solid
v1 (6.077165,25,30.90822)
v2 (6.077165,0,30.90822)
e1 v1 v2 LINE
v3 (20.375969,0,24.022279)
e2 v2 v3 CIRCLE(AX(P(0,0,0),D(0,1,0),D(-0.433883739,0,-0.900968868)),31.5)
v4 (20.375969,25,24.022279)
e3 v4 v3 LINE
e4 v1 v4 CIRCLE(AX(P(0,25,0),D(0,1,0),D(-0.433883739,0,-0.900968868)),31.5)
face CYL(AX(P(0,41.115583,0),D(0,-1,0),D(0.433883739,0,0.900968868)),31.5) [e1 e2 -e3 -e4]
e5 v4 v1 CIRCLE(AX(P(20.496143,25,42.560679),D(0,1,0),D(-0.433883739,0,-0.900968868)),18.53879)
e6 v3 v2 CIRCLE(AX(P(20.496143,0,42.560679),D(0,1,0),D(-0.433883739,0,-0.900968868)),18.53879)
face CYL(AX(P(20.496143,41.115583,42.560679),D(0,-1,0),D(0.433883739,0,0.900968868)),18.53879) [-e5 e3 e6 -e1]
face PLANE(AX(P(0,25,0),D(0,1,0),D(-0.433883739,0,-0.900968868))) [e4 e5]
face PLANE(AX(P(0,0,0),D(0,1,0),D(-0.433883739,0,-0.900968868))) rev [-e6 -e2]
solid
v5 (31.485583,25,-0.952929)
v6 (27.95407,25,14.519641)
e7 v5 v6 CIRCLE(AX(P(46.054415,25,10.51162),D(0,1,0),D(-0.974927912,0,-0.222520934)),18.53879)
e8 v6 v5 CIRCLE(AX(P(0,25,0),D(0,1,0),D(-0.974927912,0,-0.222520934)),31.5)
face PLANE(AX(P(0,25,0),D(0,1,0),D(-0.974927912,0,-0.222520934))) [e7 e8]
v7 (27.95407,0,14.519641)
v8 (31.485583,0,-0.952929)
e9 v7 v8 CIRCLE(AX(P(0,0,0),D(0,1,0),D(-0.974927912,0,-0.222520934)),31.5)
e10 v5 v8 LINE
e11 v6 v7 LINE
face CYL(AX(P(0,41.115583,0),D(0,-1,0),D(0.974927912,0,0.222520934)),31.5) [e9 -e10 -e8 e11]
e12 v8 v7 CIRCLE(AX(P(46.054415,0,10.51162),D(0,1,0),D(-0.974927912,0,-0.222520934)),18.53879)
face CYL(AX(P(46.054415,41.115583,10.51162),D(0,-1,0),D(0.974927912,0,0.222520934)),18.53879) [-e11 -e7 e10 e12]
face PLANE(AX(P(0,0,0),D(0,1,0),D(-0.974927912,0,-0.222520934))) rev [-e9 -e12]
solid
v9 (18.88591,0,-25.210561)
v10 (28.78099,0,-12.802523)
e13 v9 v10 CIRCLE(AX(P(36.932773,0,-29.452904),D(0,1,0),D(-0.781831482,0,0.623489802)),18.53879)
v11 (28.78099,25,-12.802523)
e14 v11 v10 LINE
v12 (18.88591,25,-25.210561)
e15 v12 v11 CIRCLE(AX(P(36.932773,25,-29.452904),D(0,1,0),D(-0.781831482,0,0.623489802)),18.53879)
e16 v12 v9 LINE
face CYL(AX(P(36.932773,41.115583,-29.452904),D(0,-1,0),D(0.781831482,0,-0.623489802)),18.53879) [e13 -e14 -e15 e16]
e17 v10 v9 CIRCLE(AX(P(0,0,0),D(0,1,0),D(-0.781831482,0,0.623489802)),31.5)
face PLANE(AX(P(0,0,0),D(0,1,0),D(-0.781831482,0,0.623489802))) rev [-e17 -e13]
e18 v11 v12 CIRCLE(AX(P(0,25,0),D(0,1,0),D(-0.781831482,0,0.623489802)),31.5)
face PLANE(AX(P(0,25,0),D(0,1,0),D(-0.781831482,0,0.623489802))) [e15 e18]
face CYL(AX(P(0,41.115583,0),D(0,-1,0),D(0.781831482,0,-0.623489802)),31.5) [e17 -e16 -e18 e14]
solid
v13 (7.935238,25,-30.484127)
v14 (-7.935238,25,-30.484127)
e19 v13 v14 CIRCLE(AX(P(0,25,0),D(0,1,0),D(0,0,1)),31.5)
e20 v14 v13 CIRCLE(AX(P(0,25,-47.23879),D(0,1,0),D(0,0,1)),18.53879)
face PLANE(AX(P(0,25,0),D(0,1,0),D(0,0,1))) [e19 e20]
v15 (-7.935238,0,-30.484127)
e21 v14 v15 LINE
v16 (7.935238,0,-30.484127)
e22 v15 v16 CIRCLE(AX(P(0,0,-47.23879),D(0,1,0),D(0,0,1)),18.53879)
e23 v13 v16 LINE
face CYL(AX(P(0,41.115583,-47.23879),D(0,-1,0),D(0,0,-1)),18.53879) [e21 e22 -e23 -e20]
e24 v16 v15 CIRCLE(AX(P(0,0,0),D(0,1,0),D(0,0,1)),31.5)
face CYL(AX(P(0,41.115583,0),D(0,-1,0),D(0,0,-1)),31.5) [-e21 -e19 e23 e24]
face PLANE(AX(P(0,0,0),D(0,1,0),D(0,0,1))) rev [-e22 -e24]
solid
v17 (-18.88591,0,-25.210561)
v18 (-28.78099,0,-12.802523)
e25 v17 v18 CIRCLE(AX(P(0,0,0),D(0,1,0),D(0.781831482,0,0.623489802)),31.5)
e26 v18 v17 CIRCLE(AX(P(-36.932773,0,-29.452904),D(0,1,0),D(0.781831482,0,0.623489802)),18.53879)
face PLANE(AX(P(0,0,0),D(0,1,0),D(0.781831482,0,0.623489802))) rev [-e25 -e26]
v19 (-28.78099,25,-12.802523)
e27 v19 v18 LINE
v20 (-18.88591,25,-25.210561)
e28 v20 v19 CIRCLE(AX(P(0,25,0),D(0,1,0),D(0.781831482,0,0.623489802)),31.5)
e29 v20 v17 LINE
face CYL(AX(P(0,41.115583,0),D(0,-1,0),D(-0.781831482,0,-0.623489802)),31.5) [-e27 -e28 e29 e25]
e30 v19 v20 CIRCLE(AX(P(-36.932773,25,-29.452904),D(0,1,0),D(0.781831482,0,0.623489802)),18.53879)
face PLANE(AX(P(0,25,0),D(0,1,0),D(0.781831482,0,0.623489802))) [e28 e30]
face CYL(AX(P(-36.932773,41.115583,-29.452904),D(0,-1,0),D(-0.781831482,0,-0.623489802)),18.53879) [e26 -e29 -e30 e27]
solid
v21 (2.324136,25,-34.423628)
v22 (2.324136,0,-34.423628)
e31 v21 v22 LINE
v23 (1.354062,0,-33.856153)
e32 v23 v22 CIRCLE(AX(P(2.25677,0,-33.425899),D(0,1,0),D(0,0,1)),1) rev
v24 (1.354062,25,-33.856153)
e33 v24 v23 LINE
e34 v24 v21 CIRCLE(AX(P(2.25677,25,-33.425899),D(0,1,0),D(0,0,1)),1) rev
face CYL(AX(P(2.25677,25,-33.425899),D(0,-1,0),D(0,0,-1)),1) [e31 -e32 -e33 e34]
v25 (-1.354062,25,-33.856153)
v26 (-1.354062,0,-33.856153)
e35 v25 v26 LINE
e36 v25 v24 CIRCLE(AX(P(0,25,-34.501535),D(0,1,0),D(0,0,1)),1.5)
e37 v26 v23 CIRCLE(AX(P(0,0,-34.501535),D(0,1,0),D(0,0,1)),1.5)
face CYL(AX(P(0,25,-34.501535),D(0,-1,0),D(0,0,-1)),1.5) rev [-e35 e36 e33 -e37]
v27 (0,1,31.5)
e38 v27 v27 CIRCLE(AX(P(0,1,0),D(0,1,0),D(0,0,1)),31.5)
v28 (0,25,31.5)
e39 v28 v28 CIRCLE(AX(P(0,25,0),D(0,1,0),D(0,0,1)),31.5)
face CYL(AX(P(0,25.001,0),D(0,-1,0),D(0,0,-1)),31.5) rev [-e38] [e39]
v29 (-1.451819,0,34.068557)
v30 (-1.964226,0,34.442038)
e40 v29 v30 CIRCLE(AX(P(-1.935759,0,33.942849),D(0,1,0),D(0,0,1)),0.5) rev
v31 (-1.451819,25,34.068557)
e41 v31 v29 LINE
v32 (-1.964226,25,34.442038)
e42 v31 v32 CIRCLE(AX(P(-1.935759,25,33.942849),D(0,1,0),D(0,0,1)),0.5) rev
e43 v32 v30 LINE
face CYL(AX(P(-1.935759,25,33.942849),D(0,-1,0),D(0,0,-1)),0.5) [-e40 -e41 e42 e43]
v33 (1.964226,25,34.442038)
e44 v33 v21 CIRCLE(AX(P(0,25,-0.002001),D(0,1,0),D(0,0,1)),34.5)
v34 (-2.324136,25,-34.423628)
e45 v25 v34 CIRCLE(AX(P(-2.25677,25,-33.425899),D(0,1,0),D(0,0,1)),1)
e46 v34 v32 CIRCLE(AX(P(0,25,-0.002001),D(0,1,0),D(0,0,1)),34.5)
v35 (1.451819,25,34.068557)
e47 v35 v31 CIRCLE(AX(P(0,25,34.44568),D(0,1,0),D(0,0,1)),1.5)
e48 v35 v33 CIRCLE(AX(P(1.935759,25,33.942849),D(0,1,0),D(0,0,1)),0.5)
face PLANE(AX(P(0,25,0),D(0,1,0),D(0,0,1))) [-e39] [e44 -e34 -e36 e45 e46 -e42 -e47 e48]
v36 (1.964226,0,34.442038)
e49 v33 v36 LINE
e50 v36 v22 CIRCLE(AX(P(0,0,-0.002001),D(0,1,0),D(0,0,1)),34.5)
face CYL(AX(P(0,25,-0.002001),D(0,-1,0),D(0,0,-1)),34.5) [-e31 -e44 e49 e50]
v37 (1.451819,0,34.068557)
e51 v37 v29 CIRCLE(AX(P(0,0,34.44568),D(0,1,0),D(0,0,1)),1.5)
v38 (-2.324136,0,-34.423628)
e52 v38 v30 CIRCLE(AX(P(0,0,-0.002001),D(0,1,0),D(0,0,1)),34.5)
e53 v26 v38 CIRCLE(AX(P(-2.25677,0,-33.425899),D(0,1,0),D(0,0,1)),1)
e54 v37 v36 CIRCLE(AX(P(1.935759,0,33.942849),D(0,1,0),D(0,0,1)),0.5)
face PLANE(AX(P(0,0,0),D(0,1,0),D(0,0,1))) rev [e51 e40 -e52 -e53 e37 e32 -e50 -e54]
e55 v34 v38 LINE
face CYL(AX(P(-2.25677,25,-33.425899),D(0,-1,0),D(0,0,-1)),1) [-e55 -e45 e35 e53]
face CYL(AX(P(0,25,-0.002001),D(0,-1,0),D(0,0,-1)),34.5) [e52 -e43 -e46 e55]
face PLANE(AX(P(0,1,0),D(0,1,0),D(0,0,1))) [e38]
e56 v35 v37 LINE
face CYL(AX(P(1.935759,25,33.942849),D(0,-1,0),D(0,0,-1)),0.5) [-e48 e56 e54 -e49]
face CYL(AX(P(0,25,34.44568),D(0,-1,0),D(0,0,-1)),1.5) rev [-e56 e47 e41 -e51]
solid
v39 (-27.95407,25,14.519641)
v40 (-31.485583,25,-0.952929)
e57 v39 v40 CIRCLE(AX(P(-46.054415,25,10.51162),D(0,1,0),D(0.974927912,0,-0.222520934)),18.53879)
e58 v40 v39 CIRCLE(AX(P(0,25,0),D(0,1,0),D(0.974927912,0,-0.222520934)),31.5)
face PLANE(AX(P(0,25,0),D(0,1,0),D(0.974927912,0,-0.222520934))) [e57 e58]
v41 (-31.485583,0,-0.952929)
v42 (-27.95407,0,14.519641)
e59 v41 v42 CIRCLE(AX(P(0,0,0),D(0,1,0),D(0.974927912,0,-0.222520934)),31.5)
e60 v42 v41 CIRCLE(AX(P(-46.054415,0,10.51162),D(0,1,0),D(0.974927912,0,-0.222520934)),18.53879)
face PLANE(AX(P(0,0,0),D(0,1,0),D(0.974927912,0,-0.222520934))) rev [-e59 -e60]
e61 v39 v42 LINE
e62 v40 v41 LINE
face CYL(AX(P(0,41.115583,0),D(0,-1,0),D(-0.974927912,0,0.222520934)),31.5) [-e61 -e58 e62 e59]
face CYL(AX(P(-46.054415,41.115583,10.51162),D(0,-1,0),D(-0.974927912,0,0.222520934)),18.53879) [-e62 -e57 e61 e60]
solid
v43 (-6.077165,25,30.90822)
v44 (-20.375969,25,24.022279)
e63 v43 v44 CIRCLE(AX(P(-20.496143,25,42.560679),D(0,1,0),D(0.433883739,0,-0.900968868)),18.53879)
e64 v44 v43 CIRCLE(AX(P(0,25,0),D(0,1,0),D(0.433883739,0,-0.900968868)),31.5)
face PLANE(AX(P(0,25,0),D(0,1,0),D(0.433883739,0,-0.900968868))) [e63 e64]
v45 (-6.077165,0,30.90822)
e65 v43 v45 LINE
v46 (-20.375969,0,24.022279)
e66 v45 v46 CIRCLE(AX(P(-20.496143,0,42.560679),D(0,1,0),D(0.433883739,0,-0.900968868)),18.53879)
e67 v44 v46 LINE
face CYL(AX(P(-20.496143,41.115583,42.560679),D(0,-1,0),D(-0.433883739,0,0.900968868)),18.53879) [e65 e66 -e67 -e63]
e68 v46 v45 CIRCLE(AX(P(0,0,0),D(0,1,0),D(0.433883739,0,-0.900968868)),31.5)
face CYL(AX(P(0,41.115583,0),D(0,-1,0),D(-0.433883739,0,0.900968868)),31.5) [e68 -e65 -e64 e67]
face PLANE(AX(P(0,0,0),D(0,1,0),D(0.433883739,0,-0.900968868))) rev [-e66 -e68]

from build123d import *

# Parameters (mm, degrees)
BOSS_EXTRUDE1_DEPTH = 25
CUT_EXTRUDE2_REACH  = 28
CUT_EXTRUDE2_START  = 1
BOSS_EXTRUDE2_DEPTH = 25
CIRPATTERN2_COUNT   = 7


with BuildPart() as part:
    # Sketch1 → Boss-Extrude1 (new body)
    with BuildSketch(Plane(origin=(0, 0, 0), x_dir=(1, 0, 0), z_dir=(0, 1, 0))):
        with BuildLine():
            ThreePointArc((1.451818925, -34.068556857), (1.641248992, -34.346908706), (1.964225605, -34.442038138))
            ThreePointArc((1.964225605, -34.442038138), (34.499528846, -0.178302888), (2.324135821, 34.423627607))
            ThreePointArc((2.324135821, 34.423627607), (1.751838249, 34.289058819), (1.354061739, 33.856153382))
            ThreePointArc((1.354061739, 33.856153382), (0, 33.001534515), (-1.354061739, 33.856153382))
            ThreePointArc((-1.354061739, 33.856153382), (-1.751838249, 34.289058819), (-2.324135821, 34.423627607))
            ThreePointArc((-2.324135821, 34.423627607), (-34.499528846, -0.178302888), (-1.964225605, -34.442038138))
            ThreePointArc((-1.964225605, -34.442038138), (-1.641248992, -34.346908706), (-1.451818925, -34.068556857))
            ThreePointArc((-1.451818925, -34.068556857), (0, -32.945679925), (1.451818925, -34.068556857))
        make_face()
    extrude(amount=BOSS_EXTRUDE1_DEPTH)

    # Sketch2 → Cut-Extrude2 (cut, up to next)
    with BuildSketch(Plane(origin=(0, 0, 0), x_dir=(1, 0, 0), z_dir=(0, 1, 0)).offset(CUT_EXTRUDE2_START), mode=Mode.PRIVATE) as cut_extrude2_sk1:
        with BuildLine():
            ThreePointArc((-7.935237994, 30.484126984), (-19.265123971, -24.92197822), (31.5, 0))
            ThreePointArc((31.5, 0), (24.92197822, 19.265123971), (7.935237994, 30.484126984))
            ThreePointArc((7.935237994, 30.484126984), (0, 28.7), (-7.935237994, 30.484126984))
        make_face()
    cut_extrude2_tool1 = extrude(cut_extrude2_sk1.sketch, amount=CUT_EXTRUDE2_REACH, mode=Mode.PRIVATE) & part.part
    add(cut_extrude2_tool1.solids().sort_by_distance((0, 1, 0.291722))[0], mode=Mode.SUBTRACT)
    # Sketch2 → Cut-Extrude2 (cut, up to next)
    with BuildSketch(Plane(origin=(0, 0, 0), x_dir=(1, 0, 0), z_dir=(0, 1, 0)).offset(CUT_EXTRUDE2_START), mode=Mode.PRIVATE) as cut_extrude2_sk2:
        with BuildLine():
            ThreePointArc((-7.935237994, 30.484126984), (0, 28.7), (7.935237994, 30.484126984))
            ThreePointArc((7.935237994, 30.484126984), (0, 31.5), (-7.935237994, 30.484126984))
        make_face()
    cut_extrude2_tool2 = extrude(cut_extrude2_sk2.sketch, amount=CUT_EXTRUDE2_REACH, mode=Mode.PRIVATE) & part.part
    add(cut_extrude2_tool2.solids().sort_by_distance((0, 1, -30.173357))[0], mode=Mode.SUBTRACT)


with BuildPart() as body_2:
    # Sketch2<2> → Boss-Extrude2 (new body)
    with BuildSketch(Plane(origin=(0, 0, 0), x_dir=(1, 0, 0), z_dir=(0, 1, 0))):
        with BuildLine():
            ThreePointArc((-7.935237994, 30.484126984), (0, 28.7), (7.935237994, 30.484126984))
            ThreePointArc((7.935237994, 30.484126984), (0, 31.5), (-7.935237994, 30.484126984))
        make_face()
    extrude(amount=BOSS_EXTRUDE2_DEPTH)


with BuildPart() as cirpattern2_1:
    # CirPattern2: pattern copy
    add(body_2.part.rotate(Axis((0, 0, 0), (0, 1, 0)), 1 * 360 / CIRPATTERN2_COUNT))


with BuildPart() as cirpattern2_2:
    # CirPattern2: pattern copy
    add(body_2.part.rotate(Axis((0, 0, 0), (0, 1, 0)), 2 * 360 / CIRPATTERN2_COUNT))


with BuildPart() as cirpattern2_3:
    # CirPattern2: pattern copy
    add(body_2.part.rotate(Axis((0, 0, 0), (0, 1, 0)), 3 * 360 / CIRPATTERN2_COUNT))


with BuildPart() as cirpattern2_4:
    # CirPattern2: pattern copy
    add(body_2.part.rotate(Axis((0, 0, 0), (0, 1, 0)), 4 * 360 / CIRPATTERN2_COUNT))


with BuildPart() as cirpattern2_5:
    # CirPattern2: pattern copy
    add(body_2.part.rotate(Axis((0, 0, 0), (0, 1, 0)), 5 * 360 / CIRPATTERN2_COUNT))


with BuildPart() as cirpattern2_6:
    # CirPattern2: pattern copy
    add(body_2.part.rotate(Axis((0, 0, 0), (0, 1, 0)), 6 * 360 / CIRPATTERN2_COUNT))


solid = Compound([part.part, body_2.part, cirpattern2_1.part, cirpattern2_2.part, cirpattern2_3.part, cirpattern2_4.part, cirpattern2_5.part, cirpattern2_6.part])
